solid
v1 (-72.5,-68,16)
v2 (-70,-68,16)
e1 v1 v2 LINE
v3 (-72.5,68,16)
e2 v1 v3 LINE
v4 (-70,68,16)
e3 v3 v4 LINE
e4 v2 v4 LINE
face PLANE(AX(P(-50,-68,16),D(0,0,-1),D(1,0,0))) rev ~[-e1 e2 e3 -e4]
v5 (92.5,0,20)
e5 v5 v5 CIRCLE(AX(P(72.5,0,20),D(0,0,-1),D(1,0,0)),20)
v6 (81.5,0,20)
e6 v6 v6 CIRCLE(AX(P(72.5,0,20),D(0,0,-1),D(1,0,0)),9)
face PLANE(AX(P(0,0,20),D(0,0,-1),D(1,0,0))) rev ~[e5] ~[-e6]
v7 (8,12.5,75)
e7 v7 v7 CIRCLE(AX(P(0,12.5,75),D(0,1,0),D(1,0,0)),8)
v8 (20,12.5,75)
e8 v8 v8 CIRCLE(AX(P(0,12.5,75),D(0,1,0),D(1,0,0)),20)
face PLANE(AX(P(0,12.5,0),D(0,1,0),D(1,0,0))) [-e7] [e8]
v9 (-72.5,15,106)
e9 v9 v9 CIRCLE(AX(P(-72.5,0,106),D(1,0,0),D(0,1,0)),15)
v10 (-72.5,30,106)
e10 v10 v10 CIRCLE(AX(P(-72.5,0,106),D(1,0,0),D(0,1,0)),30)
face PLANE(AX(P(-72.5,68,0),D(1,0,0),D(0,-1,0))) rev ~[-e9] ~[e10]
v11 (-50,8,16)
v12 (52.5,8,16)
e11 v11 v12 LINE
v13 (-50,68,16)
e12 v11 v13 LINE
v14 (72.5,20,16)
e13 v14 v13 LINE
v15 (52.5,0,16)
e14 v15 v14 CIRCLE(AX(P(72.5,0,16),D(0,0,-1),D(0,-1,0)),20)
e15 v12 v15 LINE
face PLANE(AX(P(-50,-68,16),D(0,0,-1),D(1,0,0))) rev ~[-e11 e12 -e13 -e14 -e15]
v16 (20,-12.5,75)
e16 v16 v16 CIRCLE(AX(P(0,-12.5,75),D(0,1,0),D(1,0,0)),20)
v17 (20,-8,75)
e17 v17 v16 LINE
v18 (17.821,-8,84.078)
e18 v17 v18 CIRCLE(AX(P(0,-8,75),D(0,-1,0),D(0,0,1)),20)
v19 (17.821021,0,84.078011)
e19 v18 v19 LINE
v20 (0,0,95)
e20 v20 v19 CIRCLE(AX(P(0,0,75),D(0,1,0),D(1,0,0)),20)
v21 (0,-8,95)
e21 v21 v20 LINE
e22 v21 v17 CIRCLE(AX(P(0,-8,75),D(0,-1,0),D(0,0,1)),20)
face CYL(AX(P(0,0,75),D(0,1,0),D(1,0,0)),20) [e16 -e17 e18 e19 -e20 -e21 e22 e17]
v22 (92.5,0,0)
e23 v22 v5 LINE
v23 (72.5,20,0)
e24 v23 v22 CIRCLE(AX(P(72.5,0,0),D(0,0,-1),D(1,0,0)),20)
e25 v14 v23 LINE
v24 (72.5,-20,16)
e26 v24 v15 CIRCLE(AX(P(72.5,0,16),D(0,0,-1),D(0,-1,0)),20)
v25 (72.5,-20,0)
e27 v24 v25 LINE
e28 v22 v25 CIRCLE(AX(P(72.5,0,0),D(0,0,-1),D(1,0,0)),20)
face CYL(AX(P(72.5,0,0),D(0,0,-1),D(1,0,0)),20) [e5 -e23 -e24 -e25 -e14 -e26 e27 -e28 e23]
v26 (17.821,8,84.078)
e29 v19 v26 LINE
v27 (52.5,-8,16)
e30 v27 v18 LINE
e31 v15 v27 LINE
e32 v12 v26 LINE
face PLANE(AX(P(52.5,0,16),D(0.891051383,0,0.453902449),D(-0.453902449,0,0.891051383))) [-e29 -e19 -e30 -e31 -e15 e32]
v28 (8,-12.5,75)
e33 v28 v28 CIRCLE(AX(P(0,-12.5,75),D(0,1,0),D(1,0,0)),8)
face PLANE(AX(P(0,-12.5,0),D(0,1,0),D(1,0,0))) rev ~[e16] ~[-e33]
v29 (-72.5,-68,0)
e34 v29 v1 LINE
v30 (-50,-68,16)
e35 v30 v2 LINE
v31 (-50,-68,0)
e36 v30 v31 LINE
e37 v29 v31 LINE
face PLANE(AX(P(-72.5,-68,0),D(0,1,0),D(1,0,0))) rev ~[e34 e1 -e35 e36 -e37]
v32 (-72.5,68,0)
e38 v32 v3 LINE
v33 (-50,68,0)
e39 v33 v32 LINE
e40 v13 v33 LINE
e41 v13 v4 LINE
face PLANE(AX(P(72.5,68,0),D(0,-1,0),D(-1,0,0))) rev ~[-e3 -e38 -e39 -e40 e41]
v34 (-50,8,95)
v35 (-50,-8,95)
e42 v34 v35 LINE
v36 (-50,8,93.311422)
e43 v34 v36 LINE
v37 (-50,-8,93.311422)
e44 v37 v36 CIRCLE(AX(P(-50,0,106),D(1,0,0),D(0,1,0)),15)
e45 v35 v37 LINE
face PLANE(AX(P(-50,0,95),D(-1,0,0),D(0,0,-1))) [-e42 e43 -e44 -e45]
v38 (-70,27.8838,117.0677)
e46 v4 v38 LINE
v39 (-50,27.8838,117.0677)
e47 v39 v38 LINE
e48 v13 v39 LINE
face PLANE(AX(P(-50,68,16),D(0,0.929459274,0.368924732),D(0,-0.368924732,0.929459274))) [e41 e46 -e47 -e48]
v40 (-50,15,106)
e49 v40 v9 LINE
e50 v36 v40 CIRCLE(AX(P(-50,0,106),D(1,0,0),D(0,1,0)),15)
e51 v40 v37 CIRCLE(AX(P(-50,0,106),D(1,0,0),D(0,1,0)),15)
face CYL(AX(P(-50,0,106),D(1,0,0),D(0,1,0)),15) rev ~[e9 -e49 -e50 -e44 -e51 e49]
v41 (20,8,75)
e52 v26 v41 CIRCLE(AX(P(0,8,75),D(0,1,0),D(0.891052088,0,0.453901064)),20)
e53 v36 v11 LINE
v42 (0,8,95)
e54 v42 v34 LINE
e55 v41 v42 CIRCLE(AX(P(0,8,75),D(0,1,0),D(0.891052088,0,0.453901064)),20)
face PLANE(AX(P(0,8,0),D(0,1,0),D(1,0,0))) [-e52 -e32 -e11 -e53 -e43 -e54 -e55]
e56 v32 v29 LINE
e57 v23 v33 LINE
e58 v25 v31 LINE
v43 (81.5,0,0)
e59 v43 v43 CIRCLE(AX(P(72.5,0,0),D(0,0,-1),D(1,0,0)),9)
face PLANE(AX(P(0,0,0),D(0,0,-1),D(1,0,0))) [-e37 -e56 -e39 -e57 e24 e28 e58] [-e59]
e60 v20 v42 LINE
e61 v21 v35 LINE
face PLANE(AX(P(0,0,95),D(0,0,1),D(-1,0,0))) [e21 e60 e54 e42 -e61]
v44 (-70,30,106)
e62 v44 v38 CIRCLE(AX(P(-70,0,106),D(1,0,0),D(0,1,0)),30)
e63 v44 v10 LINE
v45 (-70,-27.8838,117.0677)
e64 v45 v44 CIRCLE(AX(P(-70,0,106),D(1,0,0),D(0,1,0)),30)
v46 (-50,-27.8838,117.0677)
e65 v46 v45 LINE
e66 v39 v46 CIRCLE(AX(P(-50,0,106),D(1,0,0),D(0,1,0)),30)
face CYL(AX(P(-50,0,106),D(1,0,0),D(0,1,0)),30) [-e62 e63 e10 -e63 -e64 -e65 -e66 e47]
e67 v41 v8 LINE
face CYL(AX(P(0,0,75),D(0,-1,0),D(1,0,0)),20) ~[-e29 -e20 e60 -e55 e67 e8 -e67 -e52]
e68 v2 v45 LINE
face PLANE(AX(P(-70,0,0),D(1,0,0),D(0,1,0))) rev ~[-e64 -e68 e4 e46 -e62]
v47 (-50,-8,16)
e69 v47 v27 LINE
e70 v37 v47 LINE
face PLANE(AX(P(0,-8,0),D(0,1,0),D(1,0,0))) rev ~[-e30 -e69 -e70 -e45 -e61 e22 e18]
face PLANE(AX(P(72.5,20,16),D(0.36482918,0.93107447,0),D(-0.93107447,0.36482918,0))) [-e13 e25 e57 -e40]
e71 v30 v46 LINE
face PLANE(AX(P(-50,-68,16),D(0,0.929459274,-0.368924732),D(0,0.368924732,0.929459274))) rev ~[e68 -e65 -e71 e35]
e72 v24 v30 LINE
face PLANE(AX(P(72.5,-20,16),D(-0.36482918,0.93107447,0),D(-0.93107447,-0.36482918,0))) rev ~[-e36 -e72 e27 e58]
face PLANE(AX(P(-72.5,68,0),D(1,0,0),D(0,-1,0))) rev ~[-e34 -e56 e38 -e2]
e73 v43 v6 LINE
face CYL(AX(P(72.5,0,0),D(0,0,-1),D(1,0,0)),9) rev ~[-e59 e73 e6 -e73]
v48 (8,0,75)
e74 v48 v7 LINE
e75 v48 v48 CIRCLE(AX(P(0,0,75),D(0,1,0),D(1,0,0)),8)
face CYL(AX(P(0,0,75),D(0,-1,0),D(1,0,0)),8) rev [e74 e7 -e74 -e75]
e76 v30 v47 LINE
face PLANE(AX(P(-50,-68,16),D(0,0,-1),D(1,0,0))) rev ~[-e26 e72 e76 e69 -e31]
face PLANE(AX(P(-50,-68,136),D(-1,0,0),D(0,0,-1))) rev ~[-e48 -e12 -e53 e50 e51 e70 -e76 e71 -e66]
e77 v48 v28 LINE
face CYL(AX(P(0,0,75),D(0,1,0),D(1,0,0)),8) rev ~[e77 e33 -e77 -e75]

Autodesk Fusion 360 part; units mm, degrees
sketch "Sketch1" plane through (0, 0, 0) normal (0, 0, 1) x (1, 0, 0)
  line L0 (72.5, 68) -> (-72.5, 68)
  line L1 (-72.5, 68) -> (-72.5, -68)
  line L2 (-72.5, -68) -> (72.5, -68)
  line L3 (72.5, -68) -> (72.5, 68)
  line L4 (72.5, 68) -> (-72.5, -68) construction
  line L5 (-72.5, 68) -> (72.5, -68) construction
  dimension "d2" = 145
  dimension "d3" = 136
extrude "Extrude1" add sketch "Sketch1" along normal blind 136 makes body 1
sketch "Sketch2" plane through (0, -68, 0) normal (0, -1, 0) x (1, 0, 0)
  line L0 (-72.5, 0) -> (72.5, 0)
  line L1 (72.5, 0) -> (72.5, 136)
  line L2 (72.5, 136) -> (-72.5, 136)
  line L3 (-72.5, 136) -> (-72.5, 0)
  line L4 (-72.5, 136) -> (-50, 136)
  line L5 (-50, 136) -> (-50, 16)
  line L6 (-50, 16) -> (72.5, 16)
  line L7 (72.5, 0) -> (-72.5, 0)
  line L8 (72.5, 16) -> (72.5, 0)
  line L9 (-72.5, 0) -> (-72.5, 136)
  dimension "d6" = 136
  dimension "d7" = 16
extrude "Extrude2" cut sketch "Sketch2" against normal blind 290 contours L1 L2 L5 L6 bodies 1
sketch "Sketch3" plane through (-50, 0, 0) normal (1, 0, 0) x (0, 1, 0)
  line L0 (68, 16) -> (68, 136)
  line L1 (68, 136) -> (-68, 136)
  line L2 (-68, 136) -> (-68, 16)
  line L3 (-68, 16) -> (68, 16)
  line L4 (-68, 109.876) -> (68, 109.876) construction
  line L5 (0, 136) -> (0, 16) construction
  circle A0 centre (0, 109.876) radius 30
  circle A1 centre (0, 109.876) radius 15
  line L6 (-30, 109.876) -> (-68, 16)
  line L7 (30, 109.876) -> (68, 16)
  dimension "d10" = 60
  dimension "d11" = 30
extrude "Extrude3" cut sketch "Sketch3" against normal blind 50 contours L0 L1 A0 L7 | L1 L2 A0 L6 bodies 1
sketch "Sketch4" plane through (-50, 0, 0) normal (1, 0, 0) x (0, 1, 0)
  arc A0 (-14.7492, 136) -> (-30, 109.876) centre (0, 109.876) ccw
  line L0 (-30, 109.876) -> (-68, 16)
  line L1 (-68, 16) -> (68, 16)
  line L2 (68, 16) -> (30, 109.876)
  arc A1 (30, 109.876) -> (14.7492, 136) centre (0, 109.876) ccw
  line L3 (14.7492, 136) -> (-14.7492, 136)
  line L4 (-20, 106) -> (20, 106) construction
  circle A2 centre (0, 106) radius 15
  circle A3 centre (0, 106) radius 30
  point P0 (-68, 0)
  dimension "d14" = 106
  dimension "d15" = 30
  dimension "d16" = 60
extrude "Extrude4" cut sketch "Sketch4" against normal blind 50 contours A2 bodies 1
sketch "Sketch5" plane through (-50, 0, 0) normal (1, 0, 0) x (0, 1, 0)
  circle A0 centre (0, 106) radius 15
  arc A1 (-14.7492, 136) -> (-30, 109.876) centre (0, 109.876) ccw
  line L0 (-30, 109.876) -> (-68, 16)
  line L1 (-68, 16) -> (68, 16)
  line L2 (68, 16) -> (30, 109.876)
  arc A2 (30, 109.876) -> (14.7492, 136) centre (0, 109.876) ccw
  line L3 (14.7492, 136) -> (-14.7492, 136)
  circle A3 centre (0, 106) radius 30
  dimension "d19" = 60
extrude "Extrude5" cut sketch "Sketch5" against normal blind 120 contours A1 L0 L1 L2 A2 L3 bodies 1 makes body 2 at (-57.5, 29.8509, 103.013)
sketch "Sketch6" plane through (-50, 0, 0) normal (1, 0, 0) x (0, 1, 0)
  circle A0 centre (0, 106) radius 30
  circle A1 centre (0, 106) radius 15
  line L0 (68, 16) -> (27.8838, 117.0677)
  line L1 (0, 0) -> (0, 136) construction
  line L2 (68, 16) -> (27.8838, 117.0677)
  line L3 (-68, 16) -> (-27.8838, 117.0677)
  line L4 (-68, 16) -> (68, 16)
extrude "Extrude6" add sketch "Sketch6" against normal blind 20 contours A0 L0 L2 L3 L4 bodies 1 2
sketch "Sketch7" plane through (0, -68, 0) normal (0, -1, 0) x (1, 0, 0)
  line L0 (72.5, 16) -> (-50, 16)
  line L1 (-50, 16) -> (-70, 16)
  line L2 (-70, 16) -> (-72.5, 16)
  line L3 (-72.5, 16) -> (-72.5, 0)
  line L4 (-72.5, 0) -> (72.5, 0)
  line L5 (72.5, 0) -> (72.5, 16)
sketch "Sketch8" plane through (0, 0, 16) normal (0, 0, 1) x (-1, 0, 0)
  line L0 (50, -68) -> (50, 68)
  line L1 (50, 68) -> (-72.5, 68)
  line L2 (-72.5, 68) -> (-72.5, -68)
  line L3 (-72.5, -68) -> (50, -68)
  line L4 (50, 0) -> (-72.5, 0) construction
  circle A0 centre (-72.5, 0) radius 9
  circle A1 centre (-72.5, 0) radius 20
  dimension "d24" = 18
  dimension "d25" = 40
extrude "Extrude7" add sketch "Sketch8" along normal blind 25 contours L2 A0 A1 | L2 A0 A1 bodies 1
sketch "Sketch9" plane through (0, 0, 16) normal (0, 0, 1) x (-1, 0, 0)
  arc A0 (-72.5, -20) -> (-72.5, 20) centre (-72.5, 0) ccw
  line L0 (-72.5, -20) -> (-72.5, -68)
  line L1 (-72.5, -68) -> (50, -68)
  line L2 (50, -68) -> (50, 68)
  line L3 (50, 68) -> (-72.5, 68)
  line L4 (-72.5, 68) -> (-72.5, 20)
  line L5 (-72.5, -20) -> (50, -68)
  line L6 (50, -68) -> (-72.5, -68)
  line L7 (-72.5, -20) -> (-72.5, -68)
extrude "Extrude8" cut sketch "Sketch9" against normal blind 40 contours L0 L1 L5 L6 L7 bodies 1
sketch "Sketch10" plane through (0, 0, 16) normal (0, 0, 1) x (-1, 0, 0)
  line L0 (-72.5, -20) -> (50, -68)
  line L1 (50, -68) -> (50, 68)
  line L2 (50, 68) -> (-72.5, 68)
  line L3 (-72.5, 68) -> (-72.5, 20)
  arc A0 (-72.5, -20) -> (-72.5, 20) centre (-72.5, 0) ccw
  line L4 (-72.5, 20) -> (50, 68)
  line L5 (50, 68) -> (-72.5, 68)
  line L6 (-72.5, 68) -> (-72.5, 20)
extrude "Extrude9" cut sketch "Sketch10" against normal blind 50 contours L2 L3 L4 L5 L6 bodies 1
sketch "Sketch11" plane through (16.4434, -41.965, 0) normal (0.3648, -0.9311, 0) x (0.9311, 0.3648, 0)
  line L0 (-71.3621, 0) -> (60.2063, 0)
  line L1 (60.2063, 0) -> (60.2063, 16)
  line L2 (60.2063, 16) -> (-71.3621, 16)
  line L3 (-71.3621, 16) -> (-71.3621, 0)
extrude "Extrude10" cut 1 faces at (68.8622, 2.5078, 16) along direction (0, 0, -1) blind 40 on bodies 1 bodies 1
extrude "Extrude11" cut 1 faces at (56.2746, 1.4407, 41) along direction (0, 0, -1) blind 50 on bodies 1 bodies 1
sketch "Sketch12" plane through (0, 0, 16) normal (0, 0, 1) x (-1, 0, 0)
  line L0 (50, 68) -> (-72.5, 20)
  arc A0 (-72.5, -20) -> (-72.5, 20) centre (-72.5, 0) ccw
  line L1 (-72.5, -20) -> (50, -68)
  line L2 (50, -68) -> (50, 68)
sketch "Sketch13" plane through (0, 0, 0) normal (0, 0, -1) x (1, 0, 0)
  arc A0 (72.5, 20) -> (72.5, -20) centre (72.5, 0) ccw
  line L0 (72.5, 20) -> (-50, 68)
  line L1 (-50, 68) -> (-72.5, 68)
  line L2 (-72.5, 68) -> (-72.5, -68)
  line L3 (-72.5, -68) -> (-50, -68)
  line L4 (-50, -68) -> (72.5, -20)
  circle A1 centre (72.5, 0) radius 9
  circle A2 centre (72.5, 0) radius 20
  dimension "d37" = 18
  dimension "d38" = 40
extrude "Extrude12" add sketch "Sketch13" against normal blind 20 contours A0 A2 bodies 1
sketch "Sketch14" plane through (0, 0, 0) normal (0, 1, 0) x (1, 0, 0)
  line L0 (0, 0) -> (0, -61) construction
  line L1 (0, -61) -> (-75, -61) construction
  circle A0 centre (0, -75) radius 8
  circle A1 centre (0, -75) radius 20
  dimension "d43" = 61
  dimension "d44" = 75
  dimension "d45" = 16
  dimension "d46" = 40
extrude "Extrude13" add sketch "Sketch14" along normal blind 12.5 and the other way blind 12.5 separate body makes body 3
sketch "Sketch15" plane through (0, -68, 0) normal (0, -1, 0) x (1, 0, 0)
sketch "Sketch16" plane through (0, 0, 0) normal (0, 1, 0) x (1, 0, 0)
  line L0 (0, -95) -> (-50, -95)
  line L1 (-50, -95) -> (-50, -16)
  line L2 (-50, -16) -> (52.5, -16)
  line L3 (52.5, -16) -> (17.821, -84.078)
  circle A0 centre (0, -75) radius 20
extrude "Extrude14" add sketch "Sketch16" along normal blind 8 and the other way blind 8 contours L0 L1 L2 L3 A0 bodies 1 3
